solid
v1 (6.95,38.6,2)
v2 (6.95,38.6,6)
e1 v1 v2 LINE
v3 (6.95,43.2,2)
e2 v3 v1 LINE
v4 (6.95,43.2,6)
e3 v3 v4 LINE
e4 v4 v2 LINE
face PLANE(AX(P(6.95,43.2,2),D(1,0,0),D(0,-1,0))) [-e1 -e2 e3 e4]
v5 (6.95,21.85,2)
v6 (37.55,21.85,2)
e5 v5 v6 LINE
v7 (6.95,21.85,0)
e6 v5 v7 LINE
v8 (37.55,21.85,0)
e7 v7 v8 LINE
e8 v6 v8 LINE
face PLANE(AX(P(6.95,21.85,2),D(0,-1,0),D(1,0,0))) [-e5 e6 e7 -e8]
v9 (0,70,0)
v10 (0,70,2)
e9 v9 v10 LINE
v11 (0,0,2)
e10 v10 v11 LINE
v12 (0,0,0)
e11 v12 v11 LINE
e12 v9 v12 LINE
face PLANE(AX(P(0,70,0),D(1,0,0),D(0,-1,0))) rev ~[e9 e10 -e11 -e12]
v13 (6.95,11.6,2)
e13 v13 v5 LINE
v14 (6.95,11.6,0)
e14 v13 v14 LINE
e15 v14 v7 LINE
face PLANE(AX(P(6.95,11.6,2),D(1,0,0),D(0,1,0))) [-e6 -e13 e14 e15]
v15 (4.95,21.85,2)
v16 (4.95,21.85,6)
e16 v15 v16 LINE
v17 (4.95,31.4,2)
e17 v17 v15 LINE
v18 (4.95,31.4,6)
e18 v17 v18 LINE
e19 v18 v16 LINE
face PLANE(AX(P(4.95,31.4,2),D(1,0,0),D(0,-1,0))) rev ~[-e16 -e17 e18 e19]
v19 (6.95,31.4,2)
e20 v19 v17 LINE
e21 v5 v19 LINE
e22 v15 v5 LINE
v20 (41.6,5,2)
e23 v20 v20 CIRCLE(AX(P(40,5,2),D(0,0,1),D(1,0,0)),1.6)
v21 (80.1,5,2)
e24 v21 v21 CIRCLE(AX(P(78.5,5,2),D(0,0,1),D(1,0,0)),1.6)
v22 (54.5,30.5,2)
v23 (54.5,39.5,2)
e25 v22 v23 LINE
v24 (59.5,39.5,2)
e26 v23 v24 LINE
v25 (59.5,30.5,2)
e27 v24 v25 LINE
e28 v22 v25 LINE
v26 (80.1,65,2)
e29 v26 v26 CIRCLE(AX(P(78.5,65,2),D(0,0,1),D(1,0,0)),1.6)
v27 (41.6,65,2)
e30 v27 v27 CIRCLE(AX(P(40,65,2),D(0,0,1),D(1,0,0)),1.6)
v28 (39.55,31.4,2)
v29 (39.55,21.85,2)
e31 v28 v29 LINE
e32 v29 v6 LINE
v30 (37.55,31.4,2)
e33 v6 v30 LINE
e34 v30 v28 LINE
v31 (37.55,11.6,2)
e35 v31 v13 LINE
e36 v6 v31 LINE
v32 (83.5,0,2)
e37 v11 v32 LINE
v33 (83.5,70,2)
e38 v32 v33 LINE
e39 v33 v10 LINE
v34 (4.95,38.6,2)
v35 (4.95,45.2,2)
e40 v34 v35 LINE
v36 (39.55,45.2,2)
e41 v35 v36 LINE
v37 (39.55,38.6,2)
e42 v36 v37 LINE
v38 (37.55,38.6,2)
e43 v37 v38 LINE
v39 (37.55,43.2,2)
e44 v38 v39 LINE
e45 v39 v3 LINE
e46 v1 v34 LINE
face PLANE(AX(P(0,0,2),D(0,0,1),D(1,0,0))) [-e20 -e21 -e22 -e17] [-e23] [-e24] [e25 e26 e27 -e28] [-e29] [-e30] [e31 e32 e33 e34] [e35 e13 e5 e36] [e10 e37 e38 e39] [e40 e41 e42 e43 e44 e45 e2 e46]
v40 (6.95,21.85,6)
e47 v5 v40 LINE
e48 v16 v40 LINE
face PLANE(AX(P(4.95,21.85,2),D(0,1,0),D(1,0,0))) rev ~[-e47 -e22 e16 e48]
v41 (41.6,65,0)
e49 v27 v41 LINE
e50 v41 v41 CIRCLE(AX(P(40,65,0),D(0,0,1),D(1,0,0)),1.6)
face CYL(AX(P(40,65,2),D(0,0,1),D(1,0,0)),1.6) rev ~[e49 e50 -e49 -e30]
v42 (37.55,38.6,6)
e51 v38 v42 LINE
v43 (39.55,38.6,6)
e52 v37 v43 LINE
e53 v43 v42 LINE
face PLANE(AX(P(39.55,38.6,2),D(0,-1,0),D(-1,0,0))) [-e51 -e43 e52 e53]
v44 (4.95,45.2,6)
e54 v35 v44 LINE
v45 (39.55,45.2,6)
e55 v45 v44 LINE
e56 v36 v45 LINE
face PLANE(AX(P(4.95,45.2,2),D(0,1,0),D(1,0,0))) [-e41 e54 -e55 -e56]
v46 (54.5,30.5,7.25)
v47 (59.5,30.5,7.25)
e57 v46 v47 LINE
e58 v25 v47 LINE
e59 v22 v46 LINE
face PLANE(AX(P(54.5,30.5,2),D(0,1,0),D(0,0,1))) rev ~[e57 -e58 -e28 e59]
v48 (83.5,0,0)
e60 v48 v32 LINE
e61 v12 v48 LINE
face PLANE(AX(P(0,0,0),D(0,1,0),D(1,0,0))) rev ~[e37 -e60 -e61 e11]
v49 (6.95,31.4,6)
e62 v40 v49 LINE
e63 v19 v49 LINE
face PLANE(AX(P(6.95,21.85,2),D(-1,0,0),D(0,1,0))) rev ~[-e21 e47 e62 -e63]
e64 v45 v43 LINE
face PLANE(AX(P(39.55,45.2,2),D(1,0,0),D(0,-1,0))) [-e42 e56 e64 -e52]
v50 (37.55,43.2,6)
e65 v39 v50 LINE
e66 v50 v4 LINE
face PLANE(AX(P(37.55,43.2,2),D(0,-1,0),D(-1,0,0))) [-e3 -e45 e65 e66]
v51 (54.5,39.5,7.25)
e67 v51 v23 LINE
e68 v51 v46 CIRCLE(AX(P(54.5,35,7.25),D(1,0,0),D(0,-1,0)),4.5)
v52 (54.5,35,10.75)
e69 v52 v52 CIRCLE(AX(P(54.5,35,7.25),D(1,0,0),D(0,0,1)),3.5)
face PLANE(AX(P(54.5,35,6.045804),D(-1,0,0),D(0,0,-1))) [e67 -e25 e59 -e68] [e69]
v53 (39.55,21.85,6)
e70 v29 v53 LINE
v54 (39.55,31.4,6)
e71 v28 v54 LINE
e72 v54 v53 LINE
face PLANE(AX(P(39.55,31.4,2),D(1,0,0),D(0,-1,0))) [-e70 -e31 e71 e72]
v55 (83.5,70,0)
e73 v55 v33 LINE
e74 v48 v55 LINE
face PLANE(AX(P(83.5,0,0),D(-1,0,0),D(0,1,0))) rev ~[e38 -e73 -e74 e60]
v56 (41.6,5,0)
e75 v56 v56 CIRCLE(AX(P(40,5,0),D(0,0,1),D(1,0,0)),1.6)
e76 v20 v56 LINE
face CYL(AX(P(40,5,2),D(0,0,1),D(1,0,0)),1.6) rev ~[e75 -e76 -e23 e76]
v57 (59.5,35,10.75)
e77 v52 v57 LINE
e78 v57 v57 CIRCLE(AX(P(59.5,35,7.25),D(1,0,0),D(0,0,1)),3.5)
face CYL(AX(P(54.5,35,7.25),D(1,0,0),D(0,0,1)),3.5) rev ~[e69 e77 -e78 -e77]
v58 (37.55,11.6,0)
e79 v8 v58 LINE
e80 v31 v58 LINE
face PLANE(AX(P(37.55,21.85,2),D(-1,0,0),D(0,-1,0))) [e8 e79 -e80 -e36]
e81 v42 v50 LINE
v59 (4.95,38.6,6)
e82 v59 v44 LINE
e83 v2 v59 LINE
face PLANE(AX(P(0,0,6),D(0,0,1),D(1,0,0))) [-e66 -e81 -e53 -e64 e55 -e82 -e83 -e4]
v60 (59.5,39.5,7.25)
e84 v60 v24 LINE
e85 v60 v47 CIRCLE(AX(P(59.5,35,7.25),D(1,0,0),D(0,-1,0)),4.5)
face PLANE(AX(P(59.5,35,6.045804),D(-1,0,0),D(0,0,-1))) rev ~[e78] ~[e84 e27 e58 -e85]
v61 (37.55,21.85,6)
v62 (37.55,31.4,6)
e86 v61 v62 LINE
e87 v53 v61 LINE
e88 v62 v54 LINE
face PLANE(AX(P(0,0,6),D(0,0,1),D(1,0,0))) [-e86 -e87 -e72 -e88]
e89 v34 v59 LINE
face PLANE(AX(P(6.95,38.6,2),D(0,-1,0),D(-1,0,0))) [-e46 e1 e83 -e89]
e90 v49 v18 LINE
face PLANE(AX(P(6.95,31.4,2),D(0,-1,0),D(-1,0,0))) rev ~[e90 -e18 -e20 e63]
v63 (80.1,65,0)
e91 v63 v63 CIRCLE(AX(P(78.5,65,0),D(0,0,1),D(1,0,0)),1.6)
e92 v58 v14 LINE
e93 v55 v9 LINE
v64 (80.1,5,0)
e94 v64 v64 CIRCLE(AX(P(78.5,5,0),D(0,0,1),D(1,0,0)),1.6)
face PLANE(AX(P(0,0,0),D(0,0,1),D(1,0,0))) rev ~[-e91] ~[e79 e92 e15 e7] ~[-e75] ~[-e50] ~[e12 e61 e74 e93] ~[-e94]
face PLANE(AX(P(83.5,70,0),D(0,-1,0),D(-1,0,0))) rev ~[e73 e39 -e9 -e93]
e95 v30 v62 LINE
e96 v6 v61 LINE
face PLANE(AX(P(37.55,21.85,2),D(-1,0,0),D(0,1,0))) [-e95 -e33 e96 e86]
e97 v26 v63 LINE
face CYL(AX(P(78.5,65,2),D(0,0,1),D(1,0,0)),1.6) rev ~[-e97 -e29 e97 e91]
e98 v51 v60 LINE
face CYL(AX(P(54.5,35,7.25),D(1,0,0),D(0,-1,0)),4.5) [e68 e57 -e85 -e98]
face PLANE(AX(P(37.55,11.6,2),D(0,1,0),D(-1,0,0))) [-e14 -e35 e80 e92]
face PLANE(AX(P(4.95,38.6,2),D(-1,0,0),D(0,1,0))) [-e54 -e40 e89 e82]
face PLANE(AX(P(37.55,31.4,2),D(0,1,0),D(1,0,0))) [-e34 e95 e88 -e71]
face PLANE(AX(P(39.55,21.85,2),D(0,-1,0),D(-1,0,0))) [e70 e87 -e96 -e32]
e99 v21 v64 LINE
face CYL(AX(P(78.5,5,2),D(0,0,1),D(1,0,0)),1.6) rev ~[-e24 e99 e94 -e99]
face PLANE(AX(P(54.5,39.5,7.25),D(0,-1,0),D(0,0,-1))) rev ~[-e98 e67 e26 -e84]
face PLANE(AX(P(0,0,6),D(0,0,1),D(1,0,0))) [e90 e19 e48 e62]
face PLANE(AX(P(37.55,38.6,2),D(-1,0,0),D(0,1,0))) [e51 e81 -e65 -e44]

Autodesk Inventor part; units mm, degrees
ref_plane "YZ Plane" through (0, 0, 0) normal (1, 0, 0) x (0, 1, 0)
sketch "Sketch1" plane through (0, 0, 0) normal (0, 0, 1) x (1, 0, 0)
  line L0 (0, 0) -> (83.5, 0)
  line L1 (83.5, 0) -> (83.5, 70)
  line L2 (83.5, 70) -> (0, 70)
  line L3 (0, 70) -> (0, 0)
  dimension "d0" = 70
  dimension "d1" = 83.5
extrude "Extrusion1" add sketch "Sketch1" along normal blind 2
sketch "Sketch2" plane through (0, 0, 2) normal (0, 0, 1) x (1, 0, 0)
  line L0 (0, 70) -> (0, 0) projected
  line L1 (0, 35) -> (83.5, 35) construction
  line L2 (83.5, 0) -> (83.5, 70) projected
  line L3 (6.95, 31.4) -> (-5, 31.4) construction
  line L4 (-5, 31.4) -> (-5, 38.6) construction
  line L5 (-5, 38.6) -> (6.95, 38.6) construction
  line L6 (6.95, 38.6) -> (6.95, 31.4) construction
  line L7 (6.95, 31.4) -> (-5, 38.6) construction
  line L8 (-5, 31.4) -> (6.95, 38.6) construction
  line L9 (49.5, 34.65) -> (49.5, 29.45) construction
  line L10 (6.95, 31.4) -> (4.95, 31.4)
  line L11 (4.95, 31.4) -> (4.95, 21.85)
  line L12 (4.95, 21.85) -> (6.95, 21.85)
  line L13 (6.95, 21.85) -> (6.95, 31.4)
  line L14 (6.95, 38.6) -> (4.95, 38.6)
  line L15 (4.95, 38.6) -> (4.95, 45.2)
  line L16 (4.95, 45.2) -> (6.95, 45.2)
  line L17 (6.95, 45.2) -> (6.95, 38.6)
  line L18 (6.95, 45.2) -> (37.55, 45.2)
  line L19 (37.55, 45.2) -> (37.55, 43.2)
  line L20 (37.55, 43.2) -> (6.95, 43.2)
  line L21 (6.95, 43.2) -> (6.95, 45.2)
  line L22 (37.55, 45.2) -> (39.55, 45.2)
  line L23 (39.55, 45.2) -> (39.55, 38.6)
  line L24 (39.55, 38.6) -> (37.55, 38.6)
  line L25 (37.55, 38.6) -> (37.55, 45.2)
  line L26 (37.55, 31.4) -> (39.55, 31.4)
  line L27 (39.55, 31.4) -> (39.55, 21.85)
  line L28 (39.55, 21.85) -> (37.55, 21.85)
  line L29 (37.55, 21.85) -> (37.55, 31.4)
  line L30 (6.95, 21.85) -> (37.55, 21.85)
  line L31 (37.55, 21.85) -> (37.55, 11.6)
  line L32 (37.55, 11.6) -> (6.95, 11.6)
  line L33 (6.95, 11.6) -> (6.95, 21.85)
  point P0 (0.975, 35)
  dimension "d8" = 7.2
  dimension "d13" = 11.95
  dimension "d14" = 5
  dimension "d19" = 2
  dimension "d20" = 23.4
  dimension "d21" = 10.25
  dimension "d22" = 30.6
  dimension "d23" = 2
  dimension "d24" = 2
  dimension "d25" = 33.6
  dimension "d30" = 11.95
extrude "Extrusion2" add sketch "Sketch2" along normal blind 4 contours L13 L12 L11 L10 | L29 L26 L27 L28 | L14 L15 L16 L17 | L17 L18 L19 L20 | L19 L22 L23 L24 L25
extrude "Extrusion3" cut sketch "Sketch2" against normal blind 2 contours L30 L31 L32 L33
ref_plane "Work Plane1" through (54.5, 0, 0) normal (-1, 0, 0) x (0, 0, 1)
sketch "Sketch3" plane through (54.5, 0, 0) normal (-1, 0, 0) x (0, 0, 1)
  arc A0 (7.25, 30.5) -> (7.25, 39.5) centre (7.25, 35) ccw
  circle A1 centre (7.25, 35) radius 3.5
  line L0 (2, 21.85) -> (2, 31.4) projected
  line L1 (7.25, 39.5) -> (2, 39.5)
  line L2 (2, 39.5) -> (2, 30.5)
  line L3 (2, 30.5) -> (7.25, 30.5)
  line L4 (7.25, 30.5) -> (7.25, 39.5) construction
  arc A2 (7.25, 39.5) -> (7.25, 30.5) centre (7.25, 35) ccw construction
  line L5 (2, 38.6) -> (6, 38.6) projected
  line L6 (2, 31.4) -> (6, 31.4) projected
  line L7 (6, 38.6) -> (6, 31.4) construction
  line L8 (6, 35) -> (7.25, 35) construction
  point P0 (0, 0)
  dimension "d32" = 9
  dimension "d33" = 7
  dimension "d34" = 5.25
ref_plane "Work Plane2" through (0, 0, 7.25) normal (0, 0, 1) x (1, 0, 0)
sketch "Sketch4" plane through (0, 0, 7.25) normal (0, 0, 1) x (1, 0, 0)
  line L0 (39.55, 38.6) -> (37.55, 38.6) projected
  line L1 (37.55, 31.4) -> (39.55, 31.4) projected
  line L2 (39.55, 38.6) -> (39.55, 31.4) construction
  line L3 (39.55, 35) -> (54.5, 35) construction
  line L4 (54.5, 35) -> (59.5, 35)
  point P0 (0, 0)
  dimension "d36" = 14.95
  dimension "d37" = 5
sweep "Sweep1" add profiles "Sketch3" path "Sketch4" path curves L4
sketch "Sketch7" plane through (0, 0, 2) normal (0, 0, 1) x (1, 0, 0)
  line L0 (40, 65) -> (78.5, 65) construction
  line L1 (78.5, 65) -> (78.5, 5) construction
  line L2 (78.5, 5) -> (40, 5) construction
  line L3 (40, 5) -> (40, 65) construction
  line L4 (83.5, 70) -> (0, 70) projected
  line L5 (0, 70) -> (0, 0) projected
  line L6 (83.5, 0) -> (83.5, 70) projected
  line L7 (0, 0) -> (83.5, 0) projected
  circle A0 centre (40, 65) radius 1.6
  circle A1 centre (78.5, 65) radius 1.6
  circle A2 centre (40, 5) radius 1.6
  circle A3 centre (78.5, 5) radius 1.6
  dimension "d54" = 5
  dimension "d55" = 40
  dimension "d56" = 5
  dimension "d57" = 5
  dimension "d58" = 3.2
  dimension "d59" = 3.2
  dimension "d60" = 3.2
  dimension "d61" = 3.2
extrude "Extrusion6" cut sketch "Sketch7" against normal blind 5 contours A0 | A1 | A2 | A3
sketch "Sketch8" plane through (0, 0, 2) normal (0, 0, 1) x (1, 0, 0)
  circle A0 centre (40, 65) radius 1.6 projected
  line L0 (40, 68.4641) -> (43, 66.7321)
  line L1 (43, 66.7321) -> (43, 63.2679)
  line L2 (43, 63.2679) -> (40, 61.5359)
  line L3 (40, 61.5359) -> (37, 63.2679)
  line L4 (37, 63.2679) -> (37, 66.7321)
  line L5 (37, 66.7321) -> (40, 68.4641)
  line L6 (40, 69.6188) -> (44, 67.3094)
  line L7 (44, 67.3094) -> (44, 62.6906)
  line L8 (44, 62.6906) -> (40, 60.3812)
  line L9 (40, 60.3812) -> (36, 62.6906)
  line L10 (36, 62.6906) -> (36, 67.3094)
  line L11 (36, 67.3094) -> (40, 69.6188)
  circle A1 centre (78.5, 5) radius 1.6 projected
  line L12 (40, 65) -> (78.5, 65) construction
  line L13 (78.5, 65) -> (78.5, 5) construction
  line L14 (78.5, 5) -> (40, 5) construction
  line L15 (40, 5) -> (40, 65) construction
  line L16 (78.5, 61.5359) -> (75.5, 63.2679)
  line L17 (75.5, 63.2679) -> (75.5, 66.7321)
  line L18 (75.5, 66.7321) -> (78.5, 68.4641)
  line L19 (78.5, 68.4641) -> (81.5, 66.7321)
  line L20 (81.5, 66.7321) -> (81.5, 63.2679)
  line L21 (81.5, 63.2679) -> (78.5, 61.5359)
  line L22 (78.5, 60.3812) -> (74.5, 62.6906)
  line L23 (74.5, 62.6906) -> (74.5, 67.3094)
  line L24 (74.5, 67.3094) -> (78.5, 69.6188)
  line L25 (78.5, 69.6188) -> (82.5, 67.3094)
  line L26 (82.5, 67.3094) -> (82.5, 62.6906)
  line L27 (82.5, 62.6906) -> (78.5, 60.3812)
  line L28 (78.5, 8.4641) -> (81.5, 6.7321)
  line L29 (81.5, 6.7321) -> (81.5, 3.2679)
  line L30 (81.5, 3.2679) -> (78.5, 1.5359)
  line L31 (78.5, 1.5359) -> (75.5, 3.2679)
  line L32 (75.5, 3.2679) -> (75.5, 6.7321)
  line L33 (75.5, 6.7321) -> (78.5, 8.4641)
  line L34 (78.5, 9.6188) -> (82.5, 7.3094)
  line L35 (82.5, 7.3094) -> (82.5, 2.6906)
  line L36 (82.5, 2.6906) -> (78.5, 0.3812)
  line L37 (78.5, 0.3812) -> (74.5, 2.6906)
  line L38 (74.5, 2.6906) -> (74.5, 7.3094)
  line L39 (74.5, 7.3094) -> (78.5, 9.6188)
  line L40 (40, 9.6188) -> (44, 7.3094)
  line L41 (44, 7.3094) -> (44, 2.6906)
  line L42 (44, 2.6906) -> (40, 0.3812)
  line L43 (40, 0.3812) -> (36, 2.6906)
  line L44 (36, 2.6906) -> (36, 7.3094)
  line L45 (36, 7.3094) -> (40, 9.6188)
  line L46 (40, 8.4641) -> (43, 6.7321)
  line L47 (43, 6.7321) -> (43, 3.2679)
  line L48 (43, 3.2679) -> (40, 1.5359)
  line L49 (40, 1.5359) -> (37, 3.2679)
  line L50 (37, 3.2679) -> (37, 6.7321)
  line L51 (37, 6.7321) -> (40, 8.4641)
  point P0 (0, 0)
  dimension "d64" = 6
  dimension "d65" = 1
  dimension "d66" = 6
  dimension "d67" = 1
  dimension "d68" = 6
  dimension "d69" = 1
  dimension "d70" = 1
  dimension "d71" = 6
sketch "Sketch6" plane through (0, 70, 0) normal (0, 1, 0) x (1, 0, 0)
  line L0 (83.5, -2) -> (0, -2) projected
  line L1 (79, -2) -> (79, -7.25)
  arc A0 (70, -7.25) -> (79, -7.25) centre (74.5, -7.25) ccw
  line L2 (70, -7.25) -> (70, -2)
  circle A1 centre (74.5, -7.25) radius 3.5
  line L3 (39.55, -2) -> (39.55, -6) projected
  point P0 (0, 0)
  dimension "d48" = 7
  dimension "d49" = 4.5
  dimension "d50" = 5.25
  dimension "d51" = 34.95
properties part number "middleBase"
